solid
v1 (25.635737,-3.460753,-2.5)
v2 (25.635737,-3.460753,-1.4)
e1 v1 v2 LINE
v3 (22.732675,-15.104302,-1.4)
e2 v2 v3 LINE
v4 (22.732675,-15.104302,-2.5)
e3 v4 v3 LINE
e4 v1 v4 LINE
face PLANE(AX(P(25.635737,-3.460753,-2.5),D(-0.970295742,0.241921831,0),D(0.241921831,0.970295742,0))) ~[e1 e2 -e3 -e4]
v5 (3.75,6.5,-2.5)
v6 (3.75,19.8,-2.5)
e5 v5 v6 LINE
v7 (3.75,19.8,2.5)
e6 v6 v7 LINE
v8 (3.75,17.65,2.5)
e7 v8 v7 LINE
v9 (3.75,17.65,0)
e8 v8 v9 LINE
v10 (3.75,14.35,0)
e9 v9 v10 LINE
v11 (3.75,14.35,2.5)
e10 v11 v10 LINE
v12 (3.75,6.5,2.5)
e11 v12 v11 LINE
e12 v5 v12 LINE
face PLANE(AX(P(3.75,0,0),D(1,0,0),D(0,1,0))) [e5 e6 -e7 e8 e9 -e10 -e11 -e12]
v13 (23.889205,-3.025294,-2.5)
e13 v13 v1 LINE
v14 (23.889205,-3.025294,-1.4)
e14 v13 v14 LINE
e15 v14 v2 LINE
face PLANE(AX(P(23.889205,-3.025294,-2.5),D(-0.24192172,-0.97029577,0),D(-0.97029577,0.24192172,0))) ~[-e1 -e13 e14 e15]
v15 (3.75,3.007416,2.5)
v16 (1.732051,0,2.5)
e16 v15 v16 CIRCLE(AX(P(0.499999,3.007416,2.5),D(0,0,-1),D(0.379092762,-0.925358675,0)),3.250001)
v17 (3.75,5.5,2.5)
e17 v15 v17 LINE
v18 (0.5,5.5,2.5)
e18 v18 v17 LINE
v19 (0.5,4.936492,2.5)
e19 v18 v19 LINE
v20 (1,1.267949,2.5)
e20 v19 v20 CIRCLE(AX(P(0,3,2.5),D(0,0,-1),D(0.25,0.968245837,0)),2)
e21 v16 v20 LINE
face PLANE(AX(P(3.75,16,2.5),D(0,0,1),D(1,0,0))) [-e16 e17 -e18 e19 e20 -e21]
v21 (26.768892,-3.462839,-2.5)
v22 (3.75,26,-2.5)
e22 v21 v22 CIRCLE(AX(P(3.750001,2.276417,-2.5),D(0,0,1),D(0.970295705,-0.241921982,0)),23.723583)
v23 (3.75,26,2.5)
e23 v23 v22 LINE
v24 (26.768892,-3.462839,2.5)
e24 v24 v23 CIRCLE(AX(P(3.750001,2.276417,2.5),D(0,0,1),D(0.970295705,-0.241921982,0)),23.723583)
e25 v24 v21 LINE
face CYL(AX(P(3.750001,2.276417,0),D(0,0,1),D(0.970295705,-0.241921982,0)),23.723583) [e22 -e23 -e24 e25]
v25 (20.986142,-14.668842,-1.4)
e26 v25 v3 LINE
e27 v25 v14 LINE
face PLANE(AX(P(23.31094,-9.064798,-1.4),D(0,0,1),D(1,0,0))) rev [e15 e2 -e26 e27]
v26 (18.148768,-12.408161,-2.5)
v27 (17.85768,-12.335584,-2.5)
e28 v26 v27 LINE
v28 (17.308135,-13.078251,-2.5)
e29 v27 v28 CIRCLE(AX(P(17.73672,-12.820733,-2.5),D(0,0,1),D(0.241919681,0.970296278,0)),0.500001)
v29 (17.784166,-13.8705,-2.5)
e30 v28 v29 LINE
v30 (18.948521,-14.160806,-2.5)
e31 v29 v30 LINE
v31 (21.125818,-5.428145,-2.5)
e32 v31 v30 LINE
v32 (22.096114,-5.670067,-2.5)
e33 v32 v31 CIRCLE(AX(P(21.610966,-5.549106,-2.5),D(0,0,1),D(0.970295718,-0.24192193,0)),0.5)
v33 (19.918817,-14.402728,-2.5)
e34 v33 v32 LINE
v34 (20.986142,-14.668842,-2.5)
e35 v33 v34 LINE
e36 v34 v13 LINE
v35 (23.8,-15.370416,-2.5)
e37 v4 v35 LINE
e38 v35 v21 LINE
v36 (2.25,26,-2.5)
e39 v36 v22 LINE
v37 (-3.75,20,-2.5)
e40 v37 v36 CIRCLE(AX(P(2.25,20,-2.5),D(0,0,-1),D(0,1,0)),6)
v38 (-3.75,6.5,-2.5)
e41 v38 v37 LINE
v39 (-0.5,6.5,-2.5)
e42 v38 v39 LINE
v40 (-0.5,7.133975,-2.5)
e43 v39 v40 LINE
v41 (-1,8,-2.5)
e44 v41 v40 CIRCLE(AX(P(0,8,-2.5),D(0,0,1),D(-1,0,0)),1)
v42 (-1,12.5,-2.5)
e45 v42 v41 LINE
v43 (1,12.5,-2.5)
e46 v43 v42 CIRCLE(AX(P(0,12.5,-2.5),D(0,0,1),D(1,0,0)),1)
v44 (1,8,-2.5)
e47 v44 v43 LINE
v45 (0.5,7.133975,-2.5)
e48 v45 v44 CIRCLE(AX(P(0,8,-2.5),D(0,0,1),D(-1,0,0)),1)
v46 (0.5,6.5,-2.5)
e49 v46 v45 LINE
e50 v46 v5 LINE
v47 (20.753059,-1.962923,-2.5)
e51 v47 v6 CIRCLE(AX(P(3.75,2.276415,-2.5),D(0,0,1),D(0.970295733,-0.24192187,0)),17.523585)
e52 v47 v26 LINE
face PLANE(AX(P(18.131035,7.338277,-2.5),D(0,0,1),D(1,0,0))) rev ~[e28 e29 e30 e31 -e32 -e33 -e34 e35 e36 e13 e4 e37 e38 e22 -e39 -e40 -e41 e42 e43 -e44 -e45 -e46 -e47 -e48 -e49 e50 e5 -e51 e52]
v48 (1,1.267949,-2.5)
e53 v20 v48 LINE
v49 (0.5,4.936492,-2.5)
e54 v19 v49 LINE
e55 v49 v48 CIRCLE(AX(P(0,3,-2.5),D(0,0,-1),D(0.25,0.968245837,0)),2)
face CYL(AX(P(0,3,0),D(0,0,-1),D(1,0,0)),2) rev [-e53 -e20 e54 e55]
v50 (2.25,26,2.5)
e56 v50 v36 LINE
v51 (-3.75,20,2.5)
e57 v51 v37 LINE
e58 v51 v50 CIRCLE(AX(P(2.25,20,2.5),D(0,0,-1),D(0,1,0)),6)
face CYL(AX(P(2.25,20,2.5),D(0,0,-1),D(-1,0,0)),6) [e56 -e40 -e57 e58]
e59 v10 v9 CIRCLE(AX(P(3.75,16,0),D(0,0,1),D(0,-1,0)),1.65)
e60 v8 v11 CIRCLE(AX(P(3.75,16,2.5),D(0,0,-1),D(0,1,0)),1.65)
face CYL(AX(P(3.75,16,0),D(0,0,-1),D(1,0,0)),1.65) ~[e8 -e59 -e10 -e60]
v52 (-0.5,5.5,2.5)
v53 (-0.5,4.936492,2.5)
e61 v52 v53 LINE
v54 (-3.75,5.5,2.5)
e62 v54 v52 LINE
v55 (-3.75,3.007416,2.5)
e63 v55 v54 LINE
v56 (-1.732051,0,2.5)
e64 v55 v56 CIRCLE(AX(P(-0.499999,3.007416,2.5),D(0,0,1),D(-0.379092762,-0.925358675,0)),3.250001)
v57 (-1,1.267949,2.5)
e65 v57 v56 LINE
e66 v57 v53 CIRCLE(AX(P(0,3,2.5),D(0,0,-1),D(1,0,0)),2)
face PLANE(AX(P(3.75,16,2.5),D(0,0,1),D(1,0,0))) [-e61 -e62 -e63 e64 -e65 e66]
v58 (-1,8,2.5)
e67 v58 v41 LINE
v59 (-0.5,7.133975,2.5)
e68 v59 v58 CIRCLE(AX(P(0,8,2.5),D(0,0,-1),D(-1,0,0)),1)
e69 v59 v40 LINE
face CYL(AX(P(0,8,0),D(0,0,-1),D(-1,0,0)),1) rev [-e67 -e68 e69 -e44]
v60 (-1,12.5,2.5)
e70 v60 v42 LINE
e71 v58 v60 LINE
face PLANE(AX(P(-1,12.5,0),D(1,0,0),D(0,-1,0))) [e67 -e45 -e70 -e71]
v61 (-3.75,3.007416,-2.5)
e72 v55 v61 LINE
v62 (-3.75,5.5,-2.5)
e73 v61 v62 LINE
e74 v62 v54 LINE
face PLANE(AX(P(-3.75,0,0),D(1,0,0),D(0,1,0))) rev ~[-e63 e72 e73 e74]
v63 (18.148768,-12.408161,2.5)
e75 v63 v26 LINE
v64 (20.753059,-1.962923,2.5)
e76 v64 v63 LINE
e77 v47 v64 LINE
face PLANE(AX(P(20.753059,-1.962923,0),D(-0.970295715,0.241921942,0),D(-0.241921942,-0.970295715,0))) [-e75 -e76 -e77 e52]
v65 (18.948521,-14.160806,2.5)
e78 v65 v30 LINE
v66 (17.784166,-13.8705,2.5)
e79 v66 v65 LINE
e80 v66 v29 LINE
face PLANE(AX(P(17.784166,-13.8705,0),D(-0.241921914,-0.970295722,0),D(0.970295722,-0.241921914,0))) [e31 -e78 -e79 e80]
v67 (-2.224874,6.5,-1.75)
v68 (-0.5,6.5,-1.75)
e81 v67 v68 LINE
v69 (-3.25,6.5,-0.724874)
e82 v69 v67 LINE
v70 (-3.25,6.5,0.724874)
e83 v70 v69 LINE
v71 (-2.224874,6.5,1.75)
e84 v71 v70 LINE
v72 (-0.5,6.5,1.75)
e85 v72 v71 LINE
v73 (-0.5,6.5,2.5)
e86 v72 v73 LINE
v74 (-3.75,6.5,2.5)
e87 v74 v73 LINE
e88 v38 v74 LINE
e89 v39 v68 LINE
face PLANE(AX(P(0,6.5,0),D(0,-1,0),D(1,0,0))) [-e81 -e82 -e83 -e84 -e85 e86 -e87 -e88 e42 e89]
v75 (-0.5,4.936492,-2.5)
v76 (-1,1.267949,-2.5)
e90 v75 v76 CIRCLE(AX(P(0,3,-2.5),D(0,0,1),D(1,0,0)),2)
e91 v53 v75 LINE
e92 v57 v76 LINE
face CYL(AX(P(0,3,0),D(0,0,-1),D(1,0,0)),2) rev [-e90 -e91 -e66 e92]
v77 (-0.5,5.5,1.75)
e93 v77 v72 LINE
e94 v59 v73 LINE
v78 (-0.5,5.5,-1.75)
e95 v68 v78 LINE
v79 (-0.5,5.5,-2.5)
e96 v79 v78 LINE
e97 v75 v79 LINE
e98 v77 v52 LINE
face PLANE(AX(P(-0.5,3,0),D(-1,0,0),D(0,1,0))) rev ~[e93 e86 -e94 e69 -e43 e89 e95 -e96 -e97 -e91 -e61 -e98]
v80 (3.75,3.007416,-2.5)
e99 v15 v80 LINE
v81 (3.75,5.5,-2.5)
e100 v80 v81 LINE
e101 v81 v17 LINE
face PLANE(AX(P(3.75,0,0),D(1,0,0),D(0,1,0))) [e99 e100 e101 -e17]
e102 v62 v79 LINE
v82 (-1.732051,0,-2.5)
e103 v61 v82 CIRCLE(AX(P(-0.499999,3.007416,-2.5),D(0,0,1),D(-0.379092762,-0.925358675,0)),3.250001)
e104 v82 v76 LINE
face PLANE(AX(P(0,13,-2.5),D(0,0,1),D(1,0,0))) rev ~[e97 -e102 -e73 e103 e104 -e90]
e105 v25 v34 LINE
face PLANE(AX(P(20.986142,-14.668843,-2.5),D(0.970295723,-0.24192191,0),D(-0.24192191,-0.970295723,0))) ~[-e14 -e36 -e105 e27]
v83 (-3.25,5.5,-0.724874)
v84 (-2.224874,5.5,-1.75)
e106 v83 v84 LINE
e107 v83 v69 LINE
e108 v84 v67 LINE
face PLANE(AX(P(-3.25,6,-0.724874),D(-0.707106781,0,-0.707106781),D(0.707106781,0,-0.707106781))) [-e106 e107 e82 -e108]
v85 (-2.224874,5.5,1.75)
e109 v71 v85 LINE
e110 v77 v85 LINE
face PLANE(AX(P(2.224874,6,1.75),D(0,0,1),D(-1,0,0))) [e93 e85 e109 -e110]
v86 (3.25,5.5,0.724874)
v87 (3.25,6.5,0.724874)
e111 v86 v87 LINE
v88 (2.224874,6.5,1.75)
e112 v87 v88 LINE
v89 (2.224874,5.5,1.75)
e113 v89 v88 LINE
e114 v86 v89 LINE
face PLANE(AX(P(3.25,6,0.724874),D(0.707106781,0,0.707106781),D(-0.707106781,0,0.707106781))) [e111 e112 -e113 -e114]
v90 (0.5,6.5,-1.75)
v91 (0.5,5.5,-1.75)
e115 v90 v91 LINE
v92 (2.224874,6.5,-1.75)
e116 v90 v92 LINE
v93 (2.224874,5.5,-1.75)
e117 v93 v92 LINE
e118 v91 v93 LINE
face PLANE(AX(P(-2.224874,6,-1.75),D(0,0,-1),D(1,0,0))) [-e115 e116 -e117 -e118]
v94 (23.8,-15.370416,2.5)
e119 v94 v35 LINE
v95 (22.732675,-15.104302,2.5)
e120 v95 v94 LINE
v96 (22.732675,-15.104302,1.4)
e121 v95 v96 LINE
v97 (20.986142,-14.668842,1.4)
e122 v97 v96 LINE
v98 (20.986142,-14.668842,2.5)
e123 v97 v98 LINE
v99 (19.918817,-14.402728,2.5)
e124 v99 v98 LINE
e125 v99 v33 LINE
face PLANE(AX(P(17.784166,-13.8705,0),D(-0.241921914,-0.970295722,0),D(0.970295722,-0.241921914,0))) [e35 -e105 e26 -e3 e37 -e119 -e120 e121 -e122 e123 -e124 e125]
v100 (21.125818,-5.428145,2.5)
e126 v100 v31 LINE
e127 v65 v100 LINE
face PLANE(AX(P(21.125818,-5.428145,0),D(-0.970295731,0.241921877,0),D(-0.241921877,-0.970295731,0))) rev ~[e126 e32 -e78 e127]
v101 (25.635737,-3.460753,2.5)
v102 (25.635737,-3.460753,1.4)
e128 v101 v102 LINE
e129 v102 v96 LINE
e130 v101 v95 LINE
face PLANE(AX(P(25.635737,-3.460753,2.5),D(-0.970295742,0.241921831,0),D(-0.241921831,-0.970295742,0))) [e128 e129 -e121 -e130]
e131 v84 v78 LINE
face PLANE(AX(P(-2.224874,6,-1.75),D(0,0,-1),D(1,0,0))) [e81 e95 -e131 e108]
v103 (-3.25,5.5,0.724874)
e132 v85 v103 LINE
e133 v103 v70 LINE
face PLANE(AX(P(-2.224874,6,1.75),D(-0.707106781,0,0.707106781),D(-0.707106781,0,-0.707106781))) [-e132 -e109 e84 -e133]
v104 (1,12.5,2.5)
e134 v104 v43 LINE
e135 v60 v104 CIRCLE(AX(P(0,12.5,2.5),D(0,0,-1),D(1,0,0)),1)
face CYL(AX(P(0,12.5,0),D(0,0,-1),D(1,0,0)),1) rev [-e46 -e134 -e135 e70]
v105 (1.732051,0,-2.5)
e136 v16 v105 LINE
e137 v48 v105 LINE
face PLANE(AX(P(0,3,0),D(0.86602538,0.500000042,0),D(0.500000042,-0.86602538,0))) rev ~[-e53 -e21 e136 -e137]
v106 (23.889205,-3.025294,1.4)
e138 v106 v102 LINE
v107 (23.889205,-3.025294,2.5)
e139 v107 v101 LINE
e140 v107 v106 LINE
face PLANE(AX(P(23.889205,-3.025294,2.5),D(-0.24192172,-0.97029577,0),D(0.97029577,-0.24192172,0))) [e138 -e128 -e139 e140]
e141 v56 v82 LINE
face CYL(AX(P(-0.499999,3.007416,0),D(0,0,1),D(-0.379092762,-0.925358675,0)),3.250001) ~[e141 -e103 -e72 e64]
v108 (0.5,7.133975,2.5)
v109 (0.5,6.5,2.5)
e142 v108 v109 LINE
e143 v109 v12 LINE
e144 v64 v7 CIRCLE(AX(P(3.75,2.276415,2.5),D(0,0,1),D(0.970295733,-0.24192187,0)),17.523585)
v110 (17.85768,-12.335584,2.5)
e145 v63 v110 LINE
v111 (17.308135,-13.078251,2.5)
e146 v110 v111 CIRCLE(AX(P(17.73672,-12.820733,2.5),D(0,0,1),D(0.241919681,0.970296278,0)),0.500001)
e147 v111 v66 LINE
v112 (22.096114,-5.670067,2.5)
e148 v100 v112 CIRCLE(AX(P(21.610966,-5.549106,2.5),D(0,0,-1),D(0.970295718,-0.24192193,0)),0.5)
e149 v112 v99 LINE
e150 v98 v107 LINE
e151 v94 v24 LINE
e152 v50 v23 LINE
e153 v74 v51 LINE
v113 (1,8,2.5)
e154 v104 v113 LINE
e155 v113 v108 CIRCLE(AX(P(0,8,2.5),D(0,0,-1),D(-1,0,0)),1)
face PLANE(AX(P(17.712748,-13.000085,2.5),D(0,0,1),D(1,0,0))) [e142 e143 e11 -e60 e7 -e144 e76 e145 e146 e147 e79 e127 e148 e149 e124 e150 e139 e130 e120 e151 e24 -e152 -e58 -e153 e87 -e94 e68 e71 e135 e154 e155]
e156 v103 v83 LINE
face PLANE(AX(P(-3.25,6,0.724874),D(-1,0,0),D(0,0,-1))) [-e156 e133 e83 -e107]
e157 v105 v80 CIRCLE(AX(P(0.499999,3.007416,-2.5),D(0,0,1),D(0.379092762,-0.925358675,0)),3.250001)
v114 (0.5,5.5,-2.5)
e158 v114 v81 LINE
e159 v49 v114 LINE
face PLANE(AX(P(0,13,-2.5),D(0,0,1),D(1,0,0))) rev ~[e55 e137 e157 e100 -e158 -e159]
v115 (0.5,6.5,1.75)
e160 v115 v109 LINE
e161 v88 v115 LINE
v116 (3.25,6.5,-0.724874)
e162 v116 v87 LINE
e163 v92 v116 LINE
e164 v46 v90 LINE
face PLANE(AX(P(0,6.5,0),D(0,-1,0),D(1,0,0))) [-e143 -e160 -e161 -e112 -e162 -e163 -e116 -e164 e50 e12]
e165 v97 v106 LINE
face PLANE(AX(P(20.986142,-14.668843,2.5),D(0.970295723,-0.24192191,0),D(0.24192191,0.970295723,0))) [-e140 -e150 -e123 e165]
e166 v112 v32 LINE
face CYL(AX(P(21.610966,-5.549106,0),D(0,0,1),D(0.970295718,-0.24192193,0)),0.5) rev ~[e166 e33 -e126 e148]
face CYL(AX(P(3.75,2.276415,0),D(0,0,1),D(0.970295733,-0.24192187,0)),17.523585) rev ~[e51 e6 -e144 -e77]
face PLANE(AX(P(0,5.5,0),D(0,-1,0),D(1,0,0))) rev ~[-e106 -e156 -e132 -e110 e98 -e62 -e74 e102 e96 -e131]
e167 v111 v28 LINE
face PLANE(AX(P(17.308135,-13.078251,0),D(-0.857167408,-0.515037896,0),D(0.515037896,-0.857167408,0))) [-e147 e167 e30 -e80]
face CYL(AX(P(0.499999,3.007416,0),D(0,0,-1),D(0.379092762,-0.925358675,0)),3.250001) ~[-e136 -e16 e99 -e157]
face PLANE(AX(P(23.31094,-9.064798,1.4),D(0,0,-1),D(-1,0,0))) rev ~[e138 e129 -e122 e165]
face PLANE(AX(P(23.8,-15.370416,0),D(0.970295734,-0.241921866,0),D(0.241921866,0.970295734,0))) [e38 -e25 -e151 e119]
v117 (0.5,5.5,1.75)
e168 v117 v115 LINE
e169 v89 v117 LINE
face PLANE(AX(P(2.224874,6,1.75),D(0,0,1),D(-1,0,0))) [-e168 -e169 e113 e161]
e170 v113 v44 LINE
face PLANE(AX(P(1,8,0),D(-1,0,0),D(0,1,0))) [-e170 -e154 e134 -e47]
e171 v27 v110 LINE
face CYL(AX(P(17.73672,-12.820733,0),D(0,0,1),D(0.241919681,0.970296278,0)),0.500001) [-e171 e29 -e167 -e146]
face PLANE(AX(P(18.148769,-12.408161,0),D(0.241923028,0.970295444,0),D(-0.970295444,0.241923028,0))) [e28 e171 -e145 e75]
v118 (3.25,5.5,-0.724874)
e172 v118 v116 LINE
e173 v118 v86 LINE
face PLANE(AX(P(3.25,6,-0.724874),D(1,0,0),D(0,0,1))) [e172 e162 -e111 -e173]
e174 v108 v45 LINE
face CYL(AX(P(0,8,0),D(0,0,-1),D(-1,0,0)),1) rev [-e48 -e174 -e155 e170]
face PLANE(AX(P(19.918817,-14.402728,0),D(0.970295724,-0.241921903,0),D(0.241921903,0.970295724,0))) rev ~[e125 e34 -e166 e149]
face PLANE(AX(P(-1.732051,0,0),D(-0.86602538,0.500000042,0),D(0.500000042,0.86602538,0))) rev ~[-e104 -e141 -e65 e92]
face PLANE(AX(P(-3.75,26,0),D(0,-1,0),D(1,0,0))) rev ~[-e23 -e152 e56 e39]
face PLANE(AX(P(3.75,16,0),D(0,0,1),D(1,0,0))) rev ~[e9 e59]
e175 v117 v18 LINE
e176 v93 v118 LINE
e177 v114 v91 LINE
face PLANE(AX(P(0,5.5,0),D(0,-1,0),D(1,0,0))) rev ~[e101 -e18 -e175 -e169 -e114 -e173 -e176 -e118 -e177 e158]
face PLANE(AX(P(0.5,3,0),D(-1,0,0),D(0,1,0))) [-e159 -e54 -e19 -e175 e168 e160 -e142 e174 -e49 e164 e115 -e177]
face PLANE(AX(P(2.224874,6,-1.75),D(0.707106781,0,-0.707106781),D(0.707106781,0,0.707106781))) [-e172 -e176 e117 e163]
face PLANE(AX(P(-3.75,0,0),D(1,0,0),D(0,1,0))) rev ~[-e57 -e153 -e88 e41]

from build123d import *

# Parameters (mm, degrees)
SKETCH003_W          = 7.5
SKETCH003_H          = 26
PAD_DEPTH            = 2.5
SKETCH004_R          = 1.65
PAD001_DEPTH         = 2.5
FILLET_R             = 6
SKETCH005_R          = 2
POCKET_DEPTH         = 2.501
POCKET_DEPTH_BACK    = 2.501
SKETCH006_W          = 1
SKETCH006_H          = 5
POCKET001_DEPTH      = 2.501
POCKET001_DEPTH_BACK = 2.501
POCKET002_DEPTH      = 58.526798
POCKET002_DEPTH_BACK = 58.526798
SKETCH009_W          = 7.5
SKETCH009_H          = 5
POCKET003_DEPTH      = 0.5
PAD002_DEPTH         = 2.5
POCKET004_DEPTH      = 2.501
POCKET004_DEPTH_BACK = 2.501
PAD003_DEPTH         = 2.5
POCKET005_DEPTH      = 1.1


with BuildPart() as part:
    # Sketch003 → Pad (new body, symmetric)
    with BuildSketch(Plane.XY):
        with Locations((0, 13)):
            Rectangle(SKETCH003_W, SKETCH003_H)
    extrude(amount=PAD_DEPTH, both=True)

    # Sketch004 → Pad001 (join)
    with BuildSketch(Plane.XY):
        with Locations((3.75, 16)):
            Circle(SKETCH004_R)
    extrude(amount=PAD001_DEPTH)

    # Fillet
    fillet_edges = [part.edges().sort_by_distance(p)[0] for p in [
        (-3.75, 26, 0),
    ]]
    fillet(fillet_edges, radius=FILLET_R)

    # Sketch005 → Pocket (cut, two sides)
    with BuildSketch(Plane.XY) as pocket_sk:
        with Locations((0, 3)):
            Circle(SKETCH005_R)
        with BuildLine():
            ThreePointArc((1, 12.5), (0, 13.5), (-1, 12.5))
            Line((-1, 12.5), (-1, 8))
            ThreePointArc((-1, 8), (0, 7), (1, 8))
            Line((1, 8), (1, 12.5))
        make_face()
    extrude(amount=-POCKET_DEPTH, mode=Mode.SUBTRACT)
    extrude(pocket_sk.sketch, amount=POCKET_DEPTH_BACK, mode=Mode.SUBTRACT)

    # Sketch006 → Pocket001 (cut, two sides)
    with BuildSketch(Plane.XY) as pocket001_sk:
        Polygon((-1.732051, 0), (0, 3), (1.732051, 0), align=None)
        with Locations((0, 5.5)):
            Rectangle(SKETCH006_W, SKETCH006_H)
    extrude(amount=-POCKET001_DEPTH, mode=Mode.SUBTRACT)
    extrude(pocket001_sk.sketch, amount=POCKET001_DEPTH_BACK, mode=Mode.SUBTRACT)

    # Sketch007 → Pocket002 (cut, two sides)
    with BuildSketch(Plane.XY) as pocket002_sk:
        with BuildLine():
            ThreePointArc((1.732051, 0), (3.198765, 1.196569), (3.75, 3.007416))
            Line((3.75, 0), (3.75, 3.007416))
            Line((1.732051, 0), (3.75, 0))
        make_face()
    pocket002 = extrude(amount=-POCKET002_DEPTH, mode=Mode.SUBTRACT) + extrude(pocket002_sk.sketch, amount=POCKET002_DEPTH_BACK, mode=Mode.SUBTRACT)

    # Mirrored: Pocket002 across YZ
    add(pocket002.mirror(Plane.YZ), mode=Mode.SUBTRACT)

    # Sketch009 → Pocket003 (cut, symmetric)
    with BuildSketch(Plane.XZ.offset(-6)):
        Rectangle(SKETCH009_W, SKETCH009_H)
        Polygon((-2.224874, 1.75), (-3.25, 0.724874), (-3.25, -0.724874), (-2.224874, -1.75), (2.224874, -1.75), (3.25, -0.724874), (3.25, 0.724874), (2.224874, 1.75), align=None, mode=Mode.SUBTRACT)
    extrude(amount=POCKET003_DEPTH, both=True, mode=Mode.SUBTRACT)

    # Sketch010 → Pad002 (join, symmetric)
    with BuildSketch(Plane.XY):
        with BuildLine():
            ThreePointArc((26.768892, -3.462839), (22.44444, 16.882113), (3.75, 26))
            Line((3.75, 19.8), (3.75, 26))
            ThreePointArc((20.753059, -1.962923), (17.558773, 13.065011), (3.75, 19.8))
            Line((20.753059, -1.962923), (17.784166, -13.8705))
            Line((17.784166, -13.8705), (23.8, -15.370416))
            Line((23.8, -15.370416), (26.768892, -3.462839))
        make_face()
    extrude(amount=PAD002_DEPTH, both=True)

    # Sketch011 → Pocket004 (cut, two sides)
    with BuildSketch(Plane.XY) as pocket004_sk:
        with BuildLine():
            ThreePointArc((18.948521, -14.160807), (19.312708, -14.766915), (19.918817, -14.402728))
            Line((19.918817, -14.402728), (22.096114, -5.670067))
            ThreePointArc((22.096114, -5.670067), (21.731927, -5.063958), (21.125818, -5.428145))
            Line((21.125818, -5.428145), (18.948521, -14.160807))
        make_face()
    extrude(amount=-POCKET004_DEPTH, mode=Mode.SUBTRACT)
    extrude(pocket004_sk.sketch, amount=POCKET004_DEPTH_BACK, mode=Mode.SUBTRACT)

    # Sketch012 → Pad003 (join, symmetric)
    with BuildSketch(Plane.XY):
        with BuildLine():
            Line((17.784166, -13.8705), (18.148769, -12.408161))
            Line((18.148769, -12.408161), (17.85768, -12.335584))
            ThreePointArc((17.85768, -12.335584), (17.334791, -12.523321), (17.308135, -13.078251))
            Line((17.308135, -13.078251), (17.784166, -13.8705))
        make_face()
    extrude(amount=PAD003_DEPTH, both=True)

    # Sketch013 → Pocket005 (cut)
    with BuildSketch(Plane.XY.offset(2.5)):
        Polygon((20.986142, -14.668843), (23.889205, -3.025294), (25.635737, -3.460753), (22.732675, -15.104302), align=None)
    pocket005 = extrude(amount=-POCKET005_DEPTH, mode=Mode.SUBTRACT)

    # Mirrored001: Pocket005 across XY
    add(pocket005.mirror(Plane.XY), mode=Mode.SUBTRACT)


solid = part.part
